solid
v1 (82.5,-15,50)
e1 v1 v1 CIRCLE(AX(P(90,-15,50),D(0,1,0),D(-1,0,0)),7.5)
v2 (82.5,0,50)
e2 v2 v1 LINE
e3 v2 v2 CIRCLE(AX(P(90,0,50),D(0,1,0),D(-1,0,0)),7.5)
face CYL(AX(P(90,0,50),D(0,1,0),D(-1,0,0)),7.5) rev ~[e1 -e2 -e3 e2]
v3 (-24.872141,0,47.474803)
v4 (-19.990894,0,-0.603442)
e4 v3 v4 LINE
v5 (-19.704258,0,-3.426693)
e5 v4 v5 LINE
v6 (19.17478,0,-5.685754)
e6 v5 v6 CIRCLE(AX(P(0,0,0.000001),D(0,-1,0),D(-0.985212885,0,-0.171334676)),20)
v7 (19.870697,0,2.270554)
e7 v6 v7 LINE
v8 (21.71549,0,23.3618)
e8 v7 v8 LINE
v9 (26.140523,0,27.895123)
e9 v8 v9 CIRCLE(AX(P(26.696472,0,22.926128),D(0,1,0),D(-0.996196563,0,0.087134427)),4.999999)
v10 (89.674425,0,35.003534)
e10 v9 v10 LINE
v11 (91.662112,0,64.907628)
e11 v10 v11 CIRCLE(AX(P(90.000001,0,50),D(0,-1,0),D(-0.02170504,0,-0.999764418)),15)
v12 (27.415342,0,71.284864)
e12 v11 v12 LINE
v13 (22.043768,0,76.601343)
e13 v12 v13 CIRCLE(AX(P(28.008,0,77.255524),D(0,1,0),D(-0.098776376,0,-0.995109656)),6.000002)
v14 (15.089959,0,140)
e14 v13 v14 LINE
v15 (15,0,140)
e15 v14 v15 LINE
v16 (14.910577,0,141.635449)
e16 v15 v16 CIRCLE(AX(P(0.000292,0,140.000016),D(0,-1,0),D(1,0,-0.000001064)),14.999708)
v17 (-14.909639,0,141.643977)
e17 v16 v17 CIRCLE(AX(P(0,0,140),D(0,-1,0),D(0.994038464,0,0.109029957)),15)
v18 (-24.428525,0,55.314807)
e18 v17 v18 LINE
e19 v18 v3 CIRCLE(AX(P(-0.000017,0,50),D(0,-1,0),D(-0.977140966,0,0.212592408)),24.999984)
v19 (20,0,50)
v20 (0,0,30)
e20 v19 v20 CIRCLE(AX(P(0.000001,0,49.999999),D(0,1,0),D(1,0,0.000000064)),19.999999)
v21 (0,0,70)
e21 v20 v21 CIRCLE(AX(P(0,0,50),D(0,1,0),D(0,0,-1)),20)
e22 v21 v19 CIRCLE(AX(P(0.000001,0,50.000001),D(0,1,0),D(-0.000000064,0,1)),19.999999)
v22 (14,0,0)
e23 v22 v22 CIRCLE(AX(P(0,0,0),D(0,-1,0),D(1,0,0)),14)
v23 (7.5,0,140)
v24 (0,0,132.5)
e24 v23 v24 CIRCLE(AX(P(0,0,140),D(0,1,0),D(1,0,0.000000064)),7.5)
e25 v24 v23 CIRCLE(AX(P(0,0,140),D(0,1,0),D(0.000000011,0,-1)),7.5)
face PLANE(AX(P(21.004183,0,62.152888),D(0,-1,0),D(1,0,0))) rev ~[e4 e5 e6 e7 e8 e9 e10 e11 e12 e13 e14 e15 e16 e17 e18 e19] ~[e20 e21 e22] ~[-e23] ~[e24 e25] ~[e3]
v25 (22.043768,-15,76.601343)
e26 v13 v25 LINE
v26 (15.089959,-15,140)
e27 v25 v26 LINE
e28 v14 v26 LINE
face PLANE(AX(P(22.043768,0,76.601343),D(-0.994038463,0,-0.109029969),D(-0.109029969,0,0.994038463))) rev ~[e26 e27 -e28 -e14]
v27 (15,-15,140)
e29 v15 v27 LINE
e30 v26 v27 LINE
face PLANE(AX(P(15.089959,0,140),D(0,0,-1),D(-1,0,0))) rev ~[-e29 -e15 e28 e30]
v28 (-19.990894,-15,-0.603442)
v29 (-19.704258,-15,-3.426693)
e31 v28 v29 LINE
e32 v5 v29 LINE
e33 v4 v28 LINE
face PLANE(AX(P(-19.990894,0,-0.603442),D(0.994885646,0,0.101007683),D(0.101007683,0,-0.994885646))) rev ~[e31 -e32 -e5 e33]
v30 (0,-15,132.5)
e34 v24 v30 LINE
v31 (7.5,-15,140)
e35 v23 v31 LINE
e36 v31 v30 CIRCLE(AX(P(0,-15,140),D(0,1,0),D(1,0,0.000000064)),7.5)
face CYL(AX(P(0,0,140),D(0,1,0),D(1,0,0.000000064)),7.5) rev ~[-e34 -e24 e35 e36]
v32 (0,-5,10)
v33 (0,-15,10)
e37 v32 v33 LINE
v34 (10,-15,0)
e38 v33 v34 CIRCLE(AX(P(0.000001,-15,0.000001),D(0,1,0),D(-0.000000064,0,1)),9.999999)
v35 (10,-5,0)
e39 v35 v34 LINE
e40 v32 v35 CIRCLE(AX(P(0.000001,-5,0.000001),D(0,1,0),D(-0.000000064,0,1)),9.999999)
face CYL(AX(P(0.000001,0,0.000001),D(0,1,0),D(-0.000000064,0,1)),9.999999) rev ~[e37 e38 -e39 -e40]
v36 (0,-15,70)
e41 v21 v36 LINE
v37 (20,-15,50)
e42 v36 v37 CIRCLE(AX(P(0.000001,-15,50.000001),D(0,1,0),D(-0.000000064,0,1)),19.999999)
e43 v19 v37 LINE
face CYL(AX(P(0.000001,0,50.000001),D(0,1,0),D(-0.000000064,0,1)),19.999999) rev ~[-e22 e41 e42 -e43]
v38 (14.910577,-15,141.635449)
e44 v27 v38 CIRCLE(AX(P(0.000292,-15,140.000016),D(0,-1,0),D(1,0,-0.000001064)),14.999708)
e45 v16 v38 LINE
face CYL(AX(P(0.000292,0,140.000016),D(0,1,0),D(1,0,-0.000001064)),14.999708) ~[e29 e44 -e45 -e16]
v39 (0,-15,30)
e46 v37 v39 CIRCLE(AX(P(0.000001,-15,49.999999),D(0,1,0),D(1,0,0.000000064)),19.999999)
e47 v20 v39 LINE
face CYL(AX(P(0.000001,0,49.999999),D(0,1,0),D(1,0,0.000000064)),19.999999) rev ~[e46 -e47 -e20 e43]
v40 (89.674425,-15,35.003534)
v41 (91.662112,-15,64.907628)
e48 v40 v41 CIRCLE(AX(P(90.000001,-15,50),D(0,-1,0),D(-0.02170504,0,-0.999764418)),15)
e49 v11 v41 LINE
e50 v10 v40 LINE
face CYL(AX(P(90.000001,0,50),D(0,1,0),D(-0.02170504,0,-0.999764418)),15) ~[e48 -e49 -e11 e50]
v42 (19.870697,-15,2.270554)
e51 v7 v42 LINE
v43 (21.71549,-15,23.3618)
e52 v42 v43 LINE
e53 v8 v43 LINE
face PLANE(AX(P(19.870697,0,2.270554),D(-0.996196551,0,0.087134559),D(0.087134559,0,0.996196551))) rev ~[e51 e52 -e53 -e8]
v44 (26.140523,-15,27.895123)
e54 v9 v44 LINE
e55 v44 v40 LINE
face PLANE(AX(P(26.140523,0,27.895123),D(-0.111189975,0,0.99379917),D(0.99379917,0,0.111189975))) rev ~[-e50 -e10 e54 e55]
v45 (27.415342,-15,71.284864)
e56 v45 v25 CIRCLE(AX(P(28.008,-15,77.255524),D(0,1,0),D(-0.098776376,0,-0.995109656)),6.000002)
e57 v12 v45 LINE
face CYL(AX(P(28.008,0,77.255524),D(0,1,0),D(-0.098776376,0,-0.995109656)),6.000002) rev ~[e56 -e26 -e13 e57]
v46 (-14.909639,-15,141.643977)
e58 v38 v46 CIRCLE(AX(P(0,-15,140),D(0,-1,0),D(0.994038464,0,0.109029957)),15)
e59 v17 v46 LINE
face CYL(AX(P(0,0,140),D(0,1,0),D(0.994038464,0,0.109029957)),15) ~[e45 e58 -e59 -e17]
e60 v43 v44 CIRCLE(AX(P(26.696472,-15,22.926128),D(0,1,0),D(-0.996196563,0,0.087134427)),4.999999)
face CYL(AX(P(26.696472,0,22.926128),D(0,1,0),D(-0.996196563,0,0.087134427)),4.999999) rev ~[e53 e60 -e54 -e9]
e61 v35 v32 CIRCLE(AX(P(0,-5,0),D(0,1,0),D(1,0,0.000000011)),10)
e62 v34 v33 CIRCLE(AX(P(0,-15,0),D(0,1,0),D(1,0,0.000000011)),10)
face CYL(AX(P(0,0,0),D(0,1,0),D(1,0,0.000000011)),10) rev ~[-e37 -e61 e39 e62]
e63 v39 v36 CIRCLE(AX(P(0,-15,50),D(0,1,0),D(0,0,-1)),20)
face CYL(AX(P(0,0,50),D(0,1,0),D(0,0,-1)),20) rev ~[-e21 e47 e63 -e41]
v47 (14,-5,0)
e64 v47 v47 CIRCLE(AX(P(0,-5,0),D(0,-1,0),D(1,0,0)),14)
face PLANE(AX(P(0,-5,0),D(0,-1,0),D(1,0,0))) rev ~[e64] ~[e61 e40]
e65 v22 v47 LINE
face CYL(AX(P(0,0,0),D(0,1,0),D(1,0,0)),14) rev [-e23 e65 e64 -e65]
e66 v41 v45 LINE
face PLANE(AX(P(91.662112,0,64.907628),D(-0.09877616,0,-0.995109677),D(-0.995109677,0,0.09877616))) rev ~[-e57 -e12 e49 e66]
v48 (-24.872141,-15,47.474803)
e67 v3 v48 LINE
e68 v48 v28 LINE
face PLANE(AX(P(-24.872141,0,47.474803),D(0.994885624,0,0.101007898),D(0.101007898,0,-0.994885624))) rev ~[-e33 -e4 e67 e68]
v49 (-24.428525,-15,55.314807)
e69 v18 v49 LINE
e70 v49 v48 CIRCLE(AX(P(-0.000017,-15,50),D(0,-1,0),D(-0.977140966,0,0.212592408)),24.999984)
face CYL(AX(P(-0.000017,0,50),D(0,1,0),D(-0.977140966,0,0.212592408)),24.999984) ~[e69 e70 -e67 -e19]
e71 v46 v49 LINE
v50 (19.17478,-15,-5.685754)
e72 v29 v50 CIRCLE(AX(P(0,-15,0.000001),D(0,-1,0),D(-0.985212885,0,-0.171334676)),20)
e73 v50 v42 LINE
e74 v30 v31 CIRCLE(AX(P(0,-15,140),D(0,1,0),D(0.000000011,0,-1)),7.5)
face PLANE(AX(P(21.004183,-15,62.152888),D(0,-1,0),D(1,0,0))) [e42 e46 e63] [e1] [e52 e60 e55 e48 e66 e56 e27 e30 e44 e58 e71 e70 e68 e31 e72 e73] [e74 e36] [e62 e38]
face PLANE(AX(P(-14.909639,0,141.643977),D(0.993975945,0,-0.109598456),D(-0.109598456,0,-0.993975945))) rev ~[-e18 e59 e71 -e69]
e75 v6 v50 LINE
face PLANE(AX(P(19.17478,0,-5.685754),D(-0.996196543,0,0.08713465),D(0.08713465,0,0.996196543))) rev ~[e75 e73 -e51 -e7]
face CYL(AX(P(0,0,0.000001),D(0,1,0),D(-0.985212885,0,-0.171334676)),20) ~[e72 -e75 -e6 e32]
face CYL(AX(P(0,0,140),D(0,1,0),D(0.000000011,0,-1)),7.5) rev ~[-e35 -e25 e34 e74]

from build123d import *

# Parameters (mm, degrees)
F1_DEPTH = 15
F2_R     = 14
F3_DEPTH = 5


with BuildPart() as f1:
    # F0 (on Front) → F1 (new body)
    with BuildSketch(Plane.XZ):
        with BuildLine():
            Line((-24.872141, 47.474803), (-19.990894, -0.603442))
            Line((-19.990894, -0.603442), (-19.704258, -3.426693))
            ThreePointArc((-19.704258, -3.426693), (-1.160141, -19.966323), (19.17478, -5.685754))
            Line((19.17478, -5.685754), (19.870697, 2.270554))
            Line((19.870697, 2.270554), (21.71549, 23.3618))
            ThreePointArc((21.71549, 23.3618), (23.118462, 26.418668), (26.140523, 27.895123))
            Line((26.140523, 27.895123), (89.674425, 35.003534))
            ThreePointArc((89.674425, 35.003534), (104.966974, 49.005165), (91.662112, 64.907628))
            Line((91.662112, 64.907628), (27.415342, 71.284864))
            ThreePointArc((27.415342, 71.284864), (23.787285, 72.991068), (22.043768, 76.601343))
            Line((22.043768, 76.601343), (15.089959, 140))
            Line((15.089959, 140), (15, 140))
            ThreePointArc((15, 140), (14.977628, 140.818946), (14.910577, 141.635449))
            ThreePointArc((14.910577, 141.635449), (0.004289, 154.999999), (-14.909639, 141.643977))
            Line((-14.909639, 141.643977), (-24.428525, 55.314807))
            ThreePointArc((-24.428525, 55.314807), (-24.960075, 51.412331), (-24.872141, 47.474803))
        make_face()
        with BuildLine():
            ThreePointArc((10, 0), (-7.071068, -7.071068), (0, 10))
            ThreePointArc((0, 10), (7.071068, 7.071068), (10, 0))
        make_face(mode=Mode.SUBTRACT)
        with BuildLine():
            ThreePointArc((0, 30), (-20, 50), (0, 70))
            ThreePointArc((0, 70), (14.142136, 64.142136), (20, 50))
            ThreePointArc((20, 50), (14.142136, 35.857864), (0, 30))
        make_face(mode=Mode.SUBTRACT)
        with BuildLine():
            ThreePointArc((97.5, 50), (90, 42.5), (82.5, 50))
            ThreePointArc((82.5, 50), (90, 57.5), (97.5, 50))
        make_face(mode=Mode.SUBTRACT)
        with BuildLine():
            ThreePointArc((0, 132.5), (-5.303301, 145.303301), (7.5, 140))
            ThreePointArc((7.5, 140), (5.303301, 134.696699), (0, 132.5))
        make_face(mode=Mode.SUBTRACT)
    extrude(amount=F1_DEPTH)

    # F2 (on Front) → F3 (cut)
    with BuildSketch(Plane.XZ):
        Circle(F2_R)
    extrude(amount=F3_DEPTH, mode=Mode.SUBTRACT)


solid = f1.part
